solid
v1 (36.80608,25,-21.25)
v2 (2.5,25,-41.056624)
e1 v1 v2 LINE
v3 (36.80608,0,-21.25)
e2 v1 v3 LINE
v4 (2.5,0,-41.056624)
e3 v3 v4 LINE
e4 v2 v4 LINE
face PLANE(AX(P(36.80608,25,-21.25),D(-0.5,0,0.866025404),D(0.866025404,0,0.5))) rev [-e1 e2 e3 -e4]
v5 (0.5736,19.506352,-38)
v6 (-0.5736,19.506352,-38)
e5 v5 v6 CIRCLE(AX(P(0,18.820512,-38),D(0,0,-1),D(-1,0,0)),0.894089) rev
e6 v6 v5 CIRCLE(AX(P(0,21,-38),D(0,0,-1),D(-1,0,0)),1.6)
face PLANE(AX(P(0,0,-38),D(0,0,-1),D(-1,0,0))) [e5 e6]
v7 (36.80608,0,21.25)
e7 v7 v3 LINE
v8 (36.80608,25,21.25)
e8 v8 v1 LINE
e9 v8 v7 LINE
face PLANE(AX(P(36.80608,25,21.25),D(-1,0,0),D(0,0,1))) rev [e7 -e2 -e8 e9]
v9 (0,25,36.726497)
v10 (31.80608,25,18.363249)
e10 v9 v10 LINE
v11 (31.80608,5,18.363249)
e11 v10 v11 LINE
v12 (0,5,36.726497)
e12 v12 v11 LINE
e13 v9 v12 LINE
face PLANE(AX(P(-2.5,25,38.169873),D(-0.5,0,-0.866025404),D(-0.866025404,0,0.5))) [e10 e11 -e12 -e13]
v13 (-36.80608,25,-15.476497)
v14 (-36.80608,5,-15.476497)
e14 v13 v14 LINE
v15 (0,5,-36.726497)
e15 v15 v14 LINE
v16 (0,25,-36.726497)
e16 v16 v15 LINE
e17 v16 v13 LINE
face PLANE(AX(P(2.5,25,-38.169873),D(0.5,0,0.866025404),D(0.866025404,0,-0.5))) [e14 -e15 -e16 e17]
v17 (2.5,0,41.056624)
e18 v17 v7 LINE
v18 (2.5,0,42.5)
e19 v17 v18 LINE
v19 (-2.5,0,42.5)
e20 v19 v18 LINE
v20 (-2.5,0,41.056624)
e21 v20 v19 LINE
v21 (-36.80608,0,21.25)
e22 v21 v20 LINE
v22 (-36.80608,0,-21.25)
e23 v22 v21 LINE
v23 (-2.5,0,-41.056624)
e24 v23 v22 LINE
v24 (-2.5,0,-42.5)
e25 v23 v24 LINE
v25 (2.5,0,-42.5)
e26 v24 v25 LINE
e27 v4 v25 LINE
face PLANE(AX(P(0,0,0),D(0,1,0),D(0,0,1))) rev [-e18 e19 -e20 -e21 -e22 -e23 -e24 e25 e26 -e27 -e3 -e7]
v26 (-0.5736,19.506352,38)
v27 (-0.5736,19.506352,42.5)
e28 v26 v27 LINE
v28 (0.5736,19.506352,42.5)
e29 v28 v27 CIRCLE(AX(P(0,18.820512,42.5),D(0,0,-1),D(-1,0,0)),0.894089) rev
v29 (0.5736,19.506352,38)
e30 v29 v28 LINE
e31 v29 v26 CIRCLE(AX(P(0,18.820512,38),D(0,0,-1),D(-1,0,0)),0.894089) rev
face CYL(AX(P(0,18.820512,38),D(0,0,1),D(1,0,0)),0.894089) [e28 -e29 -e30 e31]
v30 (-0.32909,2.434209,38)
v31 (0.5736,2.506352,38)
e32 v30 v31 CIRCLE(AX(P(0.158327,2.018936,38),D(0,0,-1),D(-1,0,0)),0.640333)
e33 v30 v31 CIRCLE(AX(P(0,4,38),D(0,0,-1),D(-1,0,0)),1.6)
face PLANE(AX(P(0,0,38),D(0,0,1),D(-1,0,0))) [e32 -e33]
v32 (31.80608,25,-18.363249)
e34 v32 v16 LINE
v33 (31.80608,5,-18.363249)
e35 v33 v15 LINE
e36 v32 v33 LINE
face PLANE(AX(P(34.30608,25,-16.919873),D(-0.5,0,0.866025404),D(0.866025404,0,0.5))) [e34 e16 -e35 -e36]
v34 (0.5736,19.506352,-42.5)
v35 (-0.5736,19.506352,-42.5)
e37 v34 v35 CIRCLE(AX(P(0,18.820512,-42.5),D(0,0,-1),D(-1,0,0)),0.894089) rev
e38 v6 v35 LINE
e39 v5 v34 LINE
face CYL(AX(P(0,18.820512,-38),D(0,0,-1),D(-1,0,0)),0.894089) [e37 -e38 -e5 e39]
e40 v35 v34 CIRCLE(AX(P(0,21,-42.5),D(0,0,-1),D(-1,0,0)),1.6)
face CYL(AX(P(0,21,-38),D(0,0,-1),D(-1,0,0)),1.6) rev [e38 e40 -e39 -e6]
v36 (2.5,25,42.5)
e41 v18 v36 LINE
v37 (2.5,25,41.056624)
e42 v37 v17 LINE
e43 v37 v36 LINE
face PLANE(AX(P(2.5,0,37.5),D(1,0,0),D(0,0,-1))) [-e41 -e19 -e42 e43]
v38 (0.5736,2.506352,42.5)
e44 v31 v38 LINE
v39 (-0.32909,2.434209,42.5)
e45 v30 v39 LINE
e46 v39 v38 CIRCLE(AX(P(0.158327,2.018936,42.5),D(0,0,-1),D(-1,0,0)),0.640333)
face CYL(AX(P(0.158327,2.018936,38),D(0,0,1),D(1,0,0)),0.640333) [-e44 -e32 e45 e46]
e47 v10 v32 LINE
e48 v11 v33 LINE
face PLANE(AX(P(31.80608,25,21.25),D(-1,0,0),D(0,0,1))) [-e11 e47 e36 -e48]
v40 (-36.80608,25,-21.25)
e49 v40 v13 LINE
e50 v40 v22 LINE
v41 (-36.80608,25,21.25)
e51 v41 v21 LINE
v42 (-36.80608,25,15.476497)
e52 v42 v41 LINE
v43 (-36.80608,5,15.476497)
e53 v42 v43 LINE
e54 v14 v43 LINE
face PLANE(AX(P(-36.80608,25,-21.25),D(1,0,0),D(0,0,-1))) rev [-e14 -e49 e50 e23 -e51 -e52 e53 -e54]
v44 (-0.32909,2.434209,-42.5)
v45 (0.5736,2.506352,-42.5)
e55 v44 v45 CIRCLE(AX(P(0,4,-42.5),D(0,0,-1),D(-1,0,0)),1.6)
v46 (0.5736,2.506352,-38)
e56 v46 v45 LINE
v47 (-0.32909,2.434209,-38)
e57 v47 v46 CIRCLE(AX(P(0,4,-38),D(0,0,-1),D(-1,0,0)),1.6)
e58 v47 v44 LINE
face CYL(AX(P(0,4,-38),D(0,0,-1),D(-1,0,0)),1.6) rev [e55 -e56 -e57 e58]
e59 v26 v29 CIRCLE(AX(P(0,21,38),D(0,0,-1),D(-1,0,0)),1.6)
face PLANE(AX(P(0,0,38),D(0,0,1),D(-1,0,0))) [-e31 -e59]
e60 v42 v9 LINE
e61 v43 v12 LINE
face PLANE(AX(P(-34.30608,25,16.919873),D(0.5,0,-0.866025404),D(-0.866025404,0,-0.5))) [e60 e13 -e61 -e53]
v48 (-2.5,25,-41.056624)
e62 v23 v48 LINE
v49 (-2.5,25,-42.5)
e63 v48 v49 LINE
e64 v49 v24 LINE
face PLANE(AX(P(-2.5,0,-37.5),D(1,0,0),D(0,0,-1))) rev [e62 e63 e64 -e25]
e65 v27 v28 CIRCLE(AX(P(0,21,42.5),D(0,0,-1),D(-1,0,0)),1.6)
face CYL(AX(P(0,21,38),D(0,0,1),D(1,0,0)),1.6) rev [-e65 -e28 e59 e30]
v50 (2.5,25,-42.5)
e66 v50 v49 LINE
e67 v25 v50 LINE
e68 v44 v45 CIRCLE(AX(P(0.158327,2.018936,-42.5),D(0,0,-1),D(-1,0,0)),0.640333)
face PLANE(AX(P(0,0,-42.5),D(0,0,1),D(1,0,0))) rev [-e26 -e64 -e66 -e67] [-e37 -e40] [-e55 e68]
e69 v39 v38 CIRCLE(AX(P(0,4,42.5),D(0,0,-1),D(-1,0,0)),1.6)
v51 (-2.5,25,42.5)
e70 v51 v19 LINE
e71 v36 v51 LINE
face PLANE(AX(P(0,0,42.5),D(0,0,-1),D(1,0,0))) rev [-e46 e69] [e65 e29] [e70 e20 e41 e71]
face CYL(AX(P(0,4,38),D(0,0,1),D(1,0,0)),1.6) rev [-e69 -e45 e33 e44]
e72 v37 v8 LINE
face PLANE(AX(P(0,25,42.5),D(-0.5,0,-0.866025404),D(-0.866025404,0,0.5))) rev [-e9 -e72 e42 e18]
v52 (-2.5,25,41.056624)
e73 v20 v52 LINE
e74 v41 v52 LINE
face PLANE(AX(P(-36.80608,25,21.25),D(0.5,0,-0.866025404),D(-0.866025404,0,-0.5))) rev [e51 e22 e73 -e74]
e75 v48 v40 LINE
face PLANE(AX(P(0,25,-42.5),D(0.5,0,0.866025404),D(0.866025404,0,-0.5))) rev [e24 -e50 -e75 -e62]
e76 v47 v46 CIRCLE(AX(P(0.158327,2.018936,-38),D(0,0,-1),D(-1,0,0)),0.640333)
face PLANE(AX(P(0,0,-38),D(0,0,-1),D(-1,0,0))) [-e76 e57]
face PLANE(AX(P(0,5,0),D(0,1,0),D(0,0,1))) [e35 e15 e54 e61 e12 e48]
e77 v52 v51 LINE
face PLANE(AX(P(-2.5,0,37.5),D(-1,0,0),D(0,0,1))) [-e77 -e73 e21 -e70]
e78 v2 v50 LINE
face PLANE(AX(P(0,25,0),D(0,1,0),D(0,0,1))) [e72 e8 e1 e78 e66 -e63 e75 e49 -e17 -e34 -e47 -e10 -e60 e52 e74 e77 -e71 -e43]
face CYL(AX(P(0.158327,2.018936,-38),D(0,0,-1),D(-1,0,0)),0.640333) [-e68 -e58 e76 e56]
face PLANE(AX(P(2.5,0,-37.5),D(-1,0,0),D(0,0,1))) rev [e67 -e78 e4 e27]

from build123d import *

# Parameters (mm, degrees)
BOSS_EXTRUDE1_DEPTH = 25
SHELL1_T            = -5
SKETCH3_W           = 5
SKETCH3_H           = 25
BOSS_EXTRUDE3_DEPTH = 5
CUT_EXTRUDE1_DEPTH  = 4.5


with BuildPart() as part:
    # Sketch1 → Boss-Extrude1 (new body)
    with BuildSketch(Plane(origin=(0, 0, 0), x_dir=(1, 0, 0), z_dir=(0, 1, 0))):
        Polygon((0, 42.5), (-36.806079661, 21.25), (-36.806079661, -21.25), (0, -42.5), (36.806079661, -21.25), (36.806079661, 21.25), align=None)
    extrude(amount=BOSS_EXTRUDE1_DEPTH)

    # Shell1
    shell1_openings = [part.faces().sort_by_distance(p)[0] for p in [
        (0, 25, 0),
        (-36.806079661, 12.5, 0),
    ]]
    offset(amount=SHELL1_T, openings=shell1_openings, kind=Kind.INTERSECTION)

    # Sketch3 → Boss-Extrude3 (add)
    with BuildSketch(Plane.XY.offset(-42.5)):
        with Locations((0, 12.5)):
            Rectangle(SKETCH3_W, SKETCH3_H)
    boss_extrude3 = extrude(amount=BOSS_EXTRUDE3_DEPTH)

    # Sketch4 → Cut-Extrude1 (cut)
    with BuildSketch(Plane(origin=(0, 0, -42.5), x_dir=(-1, 0, 0), z_dir=(0, 0, -1))):
        with BuildLine():
            ThreePointArc((0.573600046, 19.506352456), (1.318666007, 20.093843301), (1.6, 21))
            ThreePointArc((1.6, 21), (-0.906156699, 22.318666007), (-0.573600046, 19.506352456))
            ThreePointArc((-0.573600046, 19.506352456), (0, 19.71460041), (0.573600046, 19.506352456))
        make_face()
        with BuildLine():
            ThreePointArc((0.329089607, 2.434209455), (1.242284865, 2.991670533), (1.6, 4))
            ThreePointArc((1.6, 4), (-0.906156699, 5.318666007), (-0.573600046, 2.506352456))
            ThreePointArc((-0.573600046, 2.506352456), (-0.107313915, 2.657234104), (0.329089607, 2.434209455))
        make_face()
    cut_extrude1 = extrude(amount=-CUT_EXTRUDE1_DEPTH, mode=Mode.SUBTRACT)

    # Mirror1: Boss-Extrude3, Cut-Extrude1 across plane
    add(boss_extrude3.mirror(Plane.XY))
    add(cut_extrude1.mirror(Plane.XY), mode=Mode.SUBTRACT)


solid = part.part
